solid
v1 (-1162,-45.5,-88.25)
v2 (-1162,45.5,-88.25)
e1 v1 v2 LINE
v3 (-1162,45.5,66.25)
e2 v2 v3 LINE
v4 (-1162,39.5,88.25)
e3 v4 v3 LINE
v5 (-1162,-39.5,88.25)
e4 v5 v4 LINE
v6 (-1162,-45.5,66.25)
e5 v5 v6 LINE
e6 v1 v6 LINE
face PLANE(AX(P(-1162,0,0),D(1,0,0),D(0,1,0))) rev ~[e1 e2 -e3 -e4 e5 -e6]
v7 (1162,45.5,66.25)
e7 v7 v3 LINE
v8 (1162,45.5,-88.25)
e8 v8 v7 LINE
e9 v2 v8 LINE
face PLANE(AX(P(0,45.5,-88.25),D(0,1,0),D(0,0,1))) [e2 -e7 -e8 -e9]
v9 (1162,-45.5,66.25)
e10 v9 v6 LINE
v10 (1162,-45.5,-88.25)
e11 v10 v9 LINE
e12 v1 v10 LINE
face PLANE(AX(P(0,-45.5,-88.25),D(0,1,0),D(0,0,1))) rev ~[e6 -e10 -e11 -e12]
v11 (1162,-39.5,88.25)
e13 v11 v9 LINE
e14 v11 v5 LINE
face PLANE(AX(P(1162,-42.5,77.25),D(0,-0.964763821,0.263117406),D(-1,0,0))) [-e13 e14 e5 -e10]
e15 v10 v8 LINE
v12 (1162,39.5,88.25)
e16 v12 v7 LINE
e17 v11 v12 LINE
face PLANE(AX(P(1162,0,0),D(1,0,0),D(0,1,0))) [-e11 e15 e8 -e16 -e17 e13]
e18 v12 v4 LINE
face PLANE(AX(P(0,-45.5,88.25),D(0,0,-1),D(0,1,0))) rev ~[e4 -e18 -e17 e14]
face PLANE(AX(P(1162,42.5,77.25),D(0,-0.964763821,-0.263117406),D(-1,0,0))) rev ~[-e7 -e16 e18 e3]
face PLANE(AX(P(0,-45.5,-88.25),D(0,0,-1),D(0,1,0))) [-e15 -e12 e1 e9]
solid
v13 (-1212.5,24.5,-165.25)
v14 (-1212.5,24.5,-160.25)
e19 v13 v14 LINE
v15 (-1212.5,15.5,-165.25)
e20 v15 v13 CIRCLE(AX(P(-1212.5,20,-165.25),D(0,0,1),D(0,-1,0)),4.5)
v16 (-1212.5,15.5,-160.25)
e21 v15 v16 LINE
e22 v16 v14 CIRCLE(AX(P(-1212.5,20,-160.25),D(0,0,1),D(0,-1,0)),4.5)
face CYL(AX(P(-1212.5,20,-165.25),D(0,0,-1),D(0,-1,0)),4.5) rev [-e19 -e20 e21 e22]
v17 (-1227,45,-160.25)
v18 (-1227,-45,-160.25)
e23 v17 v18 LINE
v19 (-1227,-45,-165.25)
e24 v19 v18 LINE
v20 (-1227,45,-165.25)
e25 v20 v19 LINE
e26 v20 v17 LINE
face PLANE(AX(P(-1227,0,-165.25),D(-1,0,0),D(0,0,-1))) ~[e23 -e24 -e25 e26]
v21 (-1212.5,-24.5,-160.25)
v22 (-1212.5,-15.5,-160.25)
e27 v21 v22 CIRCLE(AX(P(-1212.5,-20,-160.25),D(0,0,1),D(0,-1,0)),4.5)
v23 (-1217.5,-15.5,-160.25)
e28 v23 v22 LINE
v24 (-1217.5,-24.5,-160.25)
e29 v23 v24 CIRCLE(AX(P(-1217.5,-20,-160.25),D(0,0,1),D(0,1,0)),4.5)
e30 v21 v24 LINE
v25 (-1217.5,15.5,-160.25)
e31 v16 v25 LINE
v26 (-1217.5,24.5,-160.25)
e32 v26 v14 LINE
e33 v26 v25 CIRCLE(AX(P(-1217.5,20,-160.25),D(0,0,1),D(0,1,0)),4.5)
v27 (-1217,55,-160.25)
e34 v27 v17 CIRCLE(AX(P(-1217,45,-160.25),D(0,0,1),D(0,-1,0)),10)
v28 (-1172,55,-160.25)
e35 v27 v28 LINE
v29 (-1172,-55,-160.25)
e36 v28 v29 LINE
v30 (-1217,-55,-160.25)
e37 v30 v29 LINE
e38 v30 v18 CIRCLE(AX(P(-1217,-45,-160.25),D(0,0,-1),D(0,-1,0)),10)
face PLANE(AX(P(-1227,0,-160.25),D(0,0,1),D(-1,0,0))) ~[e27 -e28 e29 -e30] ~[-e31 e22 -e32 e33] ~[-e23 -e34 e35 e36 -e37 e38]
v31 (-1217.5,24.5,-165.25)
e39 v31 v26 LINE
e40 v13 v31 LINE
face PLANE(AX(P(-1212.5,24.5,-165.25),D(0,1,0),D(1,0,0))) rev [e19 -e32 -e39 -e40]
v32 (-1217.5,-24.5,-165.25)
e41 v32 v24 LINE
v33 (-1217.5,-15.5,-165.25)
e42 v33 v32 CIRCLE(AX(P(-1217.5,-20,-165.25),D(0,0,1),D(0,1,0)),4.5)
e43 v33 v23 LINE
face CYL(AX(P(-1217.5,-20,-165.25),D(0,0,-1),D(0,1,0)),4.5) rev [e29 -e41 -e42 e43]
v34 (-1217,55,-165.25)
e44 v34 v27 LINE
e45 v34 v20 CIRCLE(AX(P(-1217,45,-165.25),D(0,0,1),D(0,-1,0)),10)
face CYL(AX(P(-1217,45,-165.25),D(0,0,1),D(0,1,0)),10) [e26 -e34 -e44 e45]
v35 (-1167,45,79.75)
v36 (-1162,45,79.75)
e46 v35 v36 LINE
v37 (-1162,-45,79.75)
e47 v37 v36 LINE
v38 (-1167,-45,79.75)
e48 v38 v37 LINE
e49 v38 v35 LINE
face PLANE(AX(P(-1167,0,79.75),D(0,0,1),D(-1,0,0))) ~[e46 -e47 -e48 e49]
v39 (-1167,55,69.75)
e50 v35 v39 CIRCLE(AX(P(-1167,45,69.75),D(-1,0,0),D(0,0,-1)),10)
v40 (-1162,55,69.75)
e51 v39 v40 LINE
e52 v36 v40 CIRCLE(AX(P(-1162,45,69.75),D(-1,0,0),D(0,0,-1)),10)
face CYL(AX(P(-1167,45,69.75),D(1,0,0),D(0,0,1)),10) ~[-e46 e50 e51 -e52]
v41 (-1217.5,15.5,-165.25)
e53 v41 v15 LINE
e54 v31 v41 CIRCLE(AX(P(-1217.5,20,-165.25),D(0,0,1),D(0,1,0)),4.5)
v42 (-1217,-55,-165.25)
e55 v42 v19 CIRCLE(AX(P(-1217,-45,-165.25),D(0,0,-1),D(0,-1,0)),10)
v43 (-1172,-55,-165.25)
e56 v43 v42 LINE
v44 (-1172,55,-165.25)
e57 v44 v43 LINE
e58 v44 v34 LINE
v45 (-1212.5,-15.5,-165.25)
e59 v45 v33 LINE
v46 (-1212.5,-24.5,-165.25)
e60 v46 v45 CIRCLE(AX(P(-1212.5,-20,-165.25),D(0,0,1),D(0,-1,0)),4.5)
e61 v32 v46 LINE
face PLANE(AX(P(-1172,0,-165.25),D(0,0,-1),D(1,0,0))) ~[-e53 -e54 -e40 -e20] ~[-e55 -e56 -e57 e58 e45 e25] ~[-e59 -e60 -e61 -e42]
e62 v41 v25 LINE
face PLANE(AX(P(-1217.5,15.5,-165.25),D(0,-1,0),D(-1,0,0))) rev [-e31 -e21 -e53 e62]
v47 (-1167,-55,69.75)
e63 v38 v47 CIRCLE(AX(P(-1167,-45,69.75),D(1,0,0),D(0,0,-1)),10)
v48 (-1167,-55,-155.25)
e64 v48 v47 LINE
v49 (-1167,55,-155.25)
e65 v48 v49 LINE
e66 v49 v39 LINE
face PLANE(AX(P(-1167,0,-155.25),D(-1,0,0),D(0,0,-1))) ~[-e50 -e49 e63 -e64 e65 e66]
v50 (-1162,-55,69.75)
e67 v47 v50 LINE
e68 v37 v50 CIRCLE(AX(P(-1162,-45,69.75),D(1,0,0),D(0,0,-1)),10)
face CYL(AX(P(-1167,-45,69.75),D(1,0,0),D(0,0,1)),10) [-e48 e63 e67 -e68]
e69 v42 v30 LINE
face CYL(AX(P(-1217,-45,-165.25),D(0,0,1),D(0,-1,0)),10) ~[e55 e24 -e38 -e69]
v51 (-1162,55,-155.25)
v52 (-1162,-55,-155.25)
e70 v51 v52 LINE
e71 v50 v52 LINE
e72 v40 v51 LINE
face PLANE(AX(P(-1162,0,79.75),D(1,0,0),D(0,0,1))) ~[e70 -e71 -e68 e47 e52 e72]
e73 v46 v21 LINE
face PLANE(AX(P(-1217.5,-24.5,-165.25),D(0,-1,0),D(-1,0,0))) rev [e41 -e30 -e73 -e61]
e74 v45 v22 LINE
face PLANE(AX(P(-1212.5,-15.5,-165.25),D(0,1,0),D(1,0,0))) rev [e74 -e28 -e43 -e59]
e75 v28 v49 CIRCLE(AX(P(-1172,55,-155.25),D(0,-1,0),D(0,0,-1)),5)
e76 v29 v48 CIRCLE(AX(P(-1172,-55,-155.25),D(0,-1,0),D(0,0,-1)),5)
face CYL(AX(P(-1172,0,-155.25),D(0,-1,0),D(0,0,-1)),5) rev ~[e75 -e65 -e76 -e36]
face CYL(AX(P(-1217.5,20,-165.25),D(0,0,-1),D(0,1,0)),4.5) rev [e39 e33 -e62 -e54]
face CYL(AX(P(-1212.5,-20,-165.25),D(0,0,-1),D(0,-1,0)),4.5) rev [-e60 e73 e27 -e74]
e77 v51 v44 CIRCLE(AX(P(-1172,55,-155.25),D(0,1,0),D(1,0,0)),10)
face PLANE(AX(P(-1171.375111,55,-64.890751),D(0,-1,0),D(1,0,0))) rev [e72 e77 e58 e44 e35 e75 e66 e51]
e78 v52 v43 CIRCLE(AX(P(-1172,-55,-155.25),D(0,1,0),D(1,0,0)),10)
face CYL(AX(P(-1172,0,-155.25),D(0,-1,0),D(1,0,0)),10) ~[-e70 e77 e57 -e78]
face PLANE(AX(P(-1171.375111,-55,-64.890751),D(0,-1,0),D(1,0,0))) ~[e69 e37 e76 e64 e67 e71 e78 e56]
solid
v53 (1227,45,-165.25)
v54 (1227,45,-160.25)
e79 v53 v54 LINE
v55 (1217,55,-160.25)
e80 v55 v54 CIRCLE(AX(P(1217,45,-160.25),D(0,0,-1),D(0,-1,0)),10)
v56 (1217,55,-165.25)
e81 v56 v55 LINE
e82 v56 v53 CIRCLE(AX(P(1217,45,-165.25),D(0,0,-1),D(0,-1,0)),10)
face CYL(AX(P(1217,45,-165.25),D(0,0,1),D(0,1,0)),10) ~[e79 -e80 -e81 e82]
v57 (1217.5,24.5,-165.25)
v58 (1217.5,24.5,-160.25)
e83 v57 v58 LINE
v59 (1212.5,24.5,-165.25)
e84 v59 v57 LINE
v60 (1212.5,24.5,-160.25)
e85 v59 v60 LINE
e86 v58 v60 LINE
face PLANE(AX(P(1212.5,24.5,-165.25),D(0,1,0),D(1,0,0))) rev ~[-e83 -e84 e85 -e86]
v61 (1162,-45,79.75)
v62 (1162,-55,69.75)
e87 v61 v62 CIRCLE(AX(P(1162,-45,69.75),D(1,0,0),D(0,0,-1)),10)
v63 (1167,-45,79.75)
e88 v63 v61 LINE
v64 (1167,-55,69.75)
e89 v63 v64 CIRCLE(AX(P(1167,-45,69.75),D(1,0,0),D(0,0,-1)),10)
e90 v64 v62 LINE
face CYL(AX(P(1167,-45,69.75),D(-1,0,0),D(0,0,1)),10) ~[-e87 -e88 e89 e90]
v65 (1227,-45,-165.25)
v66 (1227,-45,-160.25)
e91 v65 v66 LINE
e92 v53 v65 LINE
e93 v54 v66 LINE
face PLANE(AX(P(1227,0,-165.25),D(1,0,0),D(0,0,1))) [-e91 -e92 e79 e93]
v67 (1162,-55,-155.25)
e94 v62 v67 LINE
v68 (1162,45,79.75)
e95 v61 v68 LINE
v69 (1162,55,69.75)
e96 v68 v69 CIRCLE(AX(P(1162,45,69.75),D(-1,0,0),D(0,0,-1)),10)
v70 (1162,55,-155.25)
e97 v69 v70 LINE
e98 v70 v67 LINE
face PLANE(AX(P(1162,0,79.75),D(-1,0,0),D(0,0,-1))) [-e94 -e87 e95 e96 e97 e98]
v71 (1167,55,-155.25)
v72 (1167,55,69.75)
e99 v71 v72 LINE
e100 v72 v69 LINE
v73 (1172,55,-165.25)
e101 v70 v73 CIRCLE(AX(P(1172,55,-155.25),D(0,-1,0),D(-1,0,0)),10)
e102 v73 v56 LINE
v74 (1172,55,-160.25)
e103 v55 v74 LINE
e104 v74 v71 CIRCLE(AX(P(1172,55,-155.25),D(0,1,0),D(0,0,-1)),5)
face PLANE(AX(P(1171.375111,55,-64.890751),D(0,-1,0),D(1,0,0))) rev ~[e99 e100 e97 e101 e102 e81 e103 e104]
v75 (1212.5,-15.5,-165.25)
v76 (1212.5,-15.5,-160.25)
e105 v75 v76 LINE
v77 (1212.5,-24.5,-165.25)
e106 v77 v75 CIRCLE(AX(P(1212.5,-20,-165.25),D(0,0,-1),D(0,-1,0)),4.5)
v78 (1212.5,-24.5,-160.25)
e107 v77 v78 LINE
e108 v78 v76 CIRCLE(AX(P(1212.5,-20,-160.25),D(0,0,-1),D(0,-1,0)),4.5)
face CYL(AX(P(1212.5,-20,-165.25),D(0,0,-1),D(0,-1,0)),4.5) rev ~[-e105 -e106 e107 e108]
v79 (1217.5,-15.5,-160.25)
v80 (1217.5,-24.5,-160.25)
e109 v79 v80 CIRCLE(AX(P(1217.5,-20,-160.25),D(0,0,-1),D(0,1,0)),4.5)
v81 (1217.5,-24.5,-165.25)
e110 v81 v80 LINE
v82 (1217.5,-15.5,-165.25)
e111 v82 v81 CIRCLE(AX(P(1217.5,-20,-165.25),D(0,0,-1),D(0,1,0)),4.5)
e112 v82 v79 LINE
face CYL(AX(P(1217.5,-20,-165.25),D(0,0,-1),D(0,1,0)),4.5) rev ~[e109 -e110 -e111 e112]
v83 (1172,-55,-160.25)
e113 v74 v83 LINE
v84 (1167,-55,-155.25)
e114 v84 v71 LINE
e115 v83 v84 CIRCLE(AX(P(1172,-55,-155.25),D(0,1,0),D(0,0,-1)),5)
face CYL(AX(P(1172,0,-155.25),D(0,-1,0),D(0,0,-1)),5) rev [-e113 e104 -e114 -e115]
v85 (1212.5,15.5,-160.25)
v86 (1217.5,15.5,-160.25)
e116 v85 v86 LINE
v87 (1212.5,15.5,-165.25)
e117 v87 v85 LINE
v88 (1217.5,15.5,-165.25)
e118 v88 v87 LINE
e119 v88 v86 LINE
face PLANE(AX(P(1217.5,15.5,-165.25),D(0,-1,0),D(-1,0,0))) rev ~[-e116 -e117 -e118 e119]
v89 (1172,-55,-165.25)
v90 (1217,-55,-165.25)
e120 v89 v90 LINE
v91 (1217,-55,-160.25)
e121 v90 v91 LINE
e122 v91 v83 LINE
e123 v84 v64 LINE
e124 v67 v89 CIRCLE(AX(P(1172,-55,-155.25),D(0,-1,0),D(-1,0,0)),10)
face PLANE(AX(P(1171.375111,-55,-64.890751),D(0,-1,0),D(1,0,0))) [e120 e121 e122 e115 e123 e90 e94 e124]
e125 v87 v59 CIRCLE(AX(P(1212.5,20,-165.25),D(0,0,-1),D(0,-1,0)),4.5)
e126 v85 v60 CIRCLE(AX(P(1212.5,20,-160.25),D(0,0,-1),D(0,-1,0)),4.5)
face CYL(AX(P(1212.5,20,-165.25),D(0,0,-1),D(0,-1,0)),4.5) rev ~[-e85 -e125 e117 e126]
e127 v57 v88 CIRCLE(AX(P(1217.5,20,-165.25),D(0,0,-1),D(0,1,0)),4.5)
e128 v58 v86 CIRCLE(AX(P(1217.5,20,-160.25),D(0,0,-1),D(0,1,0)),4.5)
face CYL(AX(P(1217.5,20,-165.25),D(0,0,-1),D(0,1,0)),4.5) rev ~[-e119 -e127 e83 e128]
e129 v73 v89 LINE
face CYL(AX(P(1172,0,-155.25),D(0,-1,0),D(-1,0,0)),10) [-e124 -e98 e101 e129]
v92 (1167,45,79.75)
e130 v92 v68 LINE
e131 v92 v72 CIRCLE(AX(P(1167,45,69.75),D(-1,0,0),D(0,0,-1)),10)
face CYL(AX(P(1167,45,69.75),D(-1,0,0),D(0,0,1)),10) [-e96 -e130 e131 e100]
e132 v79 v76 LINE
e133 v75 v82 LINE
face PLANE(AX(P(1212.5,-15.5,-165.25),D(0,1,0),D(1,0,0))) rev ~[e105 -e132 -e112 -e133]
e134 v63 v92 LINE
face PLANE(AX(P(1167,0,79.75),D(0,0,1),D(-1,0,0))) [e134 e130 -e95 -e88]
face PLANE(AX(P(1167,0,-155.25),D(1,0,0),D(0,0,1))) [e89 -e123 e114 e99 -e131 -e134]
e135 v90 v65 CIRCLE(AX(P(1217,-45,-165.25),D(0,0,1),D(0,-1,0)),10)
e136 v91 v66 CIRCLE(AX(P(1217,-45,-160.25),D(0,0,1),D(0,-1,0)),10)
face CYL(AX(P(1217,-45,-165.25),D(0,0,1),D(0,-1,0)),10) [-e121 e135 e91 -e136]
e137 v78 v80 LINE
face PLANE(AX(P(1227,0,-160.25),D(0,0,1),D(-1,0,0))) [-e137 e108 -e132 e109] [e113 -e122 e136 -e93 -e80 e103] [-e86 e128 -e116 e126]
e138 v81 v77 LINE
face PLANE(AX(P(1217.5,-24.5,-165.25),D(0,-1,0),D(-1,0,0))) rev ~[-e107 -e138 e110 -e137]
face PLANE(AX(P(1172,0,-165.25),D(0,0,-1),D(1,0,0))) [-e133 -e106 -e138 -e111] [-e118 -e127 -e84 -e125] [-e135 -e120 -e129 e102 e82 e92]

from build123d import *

# Parameters (mm, degrees)
F0_W     = 91
F0_H     = 176.5
F1_DEPTH = 1162
F2_SIZE2 = 22
F2_SIZE  = 6
F4_DEPTH = 55
F5_R     = 10
F6_R     = 10
F8_DEPTH = 25


with BuildPart() as f1:
    # F0 (on Right) → F1 (new body, symmetric)
    with BuildSketch(Plane.YZ):
        Rectangle(F0_W, F0_H)
    extrude(amount=F1_DEPTH, both=True)

    # F2
    f2_edges = [f1.edges().sort_by_distance(p)[0] for p in [
        (0, 45.5, 88.25),
        (0, -45.5, 88.25),
    ]]
    f2_side = f1.faces().sort_by_distance((0, 0, 88.25))[0]
    chamfer(f2_edges, length=F2_SIZE, length2=F2_SIZE2, reference=f2_side)


with BuildPart() as f4:
    # F3 (on Front) → F4 (new body, symmetric)
    with BuildSketch(Plane.XZ):
        with BuildLine():
            Line((1162, 79.75), (1162, 66.25))
            Line((1162, 66.25), (1162, -88.25))
            Line((1162, -88.25), (1162, -155.25))
            ThreePointArc((1162, -155.25), (1164.9289321881, -162.3210678119), (1172, -165.25))
            Line((1172, -165.25), (1227, -165.25))
            Line((1227, -165.25), (1227, -160.25))
            Line((1227, -160.25), (1172, -160.25))
            ThreePointArc((1172, -160.25), (1168.4644660941, -158.7855339059), (1167, -155.25))
            Line((1167, -155.25), (1167, 79.75))
            Line((1167, 79.75), (1162, 79.75))
        make_face()
    extrude(amount=F4_DEPTH, both=True)

    # F5
    f5_edges = [f4.edges().sort_by_distance(p)[0] for p in [
        (1164.5, 55, 79.75),
        (1164.5, -55, 79.75),
    ]]
    fillet(f5_edges, radius=F5_R)

    # F6
    f6_edges = [f4.edges().sort_by_distance(p)[0] for p in [
        (1227, 55, -162.75),
        (1227, -55, -162.75),
    ]]
    fillet(f6_edges, radius=F6_R)

    # F7 (on face) → F8 (cut)
    with BuildSketch(Plane(origin=(0, 0, -165.25), x_dir=(1, 0, 0), z_dir=(0, 0, -1))):
        with BuildLine():
            ThreePointArc((1217.5, -24.5), (1222, -20), (1217.5, -15.5))
            Line((1217.5, -15.5), (1212.5, -15.5))
            ThreePointArc((1212.5, -15.5), (1208, -20), (1212.5, -24.5))
            Line((1212.5, -24.5), (1217.5, -24.5))
        make_face()
        with BuildLine():
            Line((1212.5, 15.5), (1217.5, 15.5))
            ThreePointArc((1217.5, 15.5), (1222, 20), (1217.5, 24.5))
            Line((1217.5, 24.5), (1212.5, 24.5))
            ThreePointArc((1212.5, 24.5), (1208, 20), (1212.5, 15.5))
        make_face()
    extrude(amount=-F8_DEPTH, mode=Mode.SUBTRACT)


with BuildPart() as f9_1:
    # F9: instance of F4
    add(f4.part.mirror(Plane.YZ))


solid = Compound([f1.part, f4.part, f9_1.part])
